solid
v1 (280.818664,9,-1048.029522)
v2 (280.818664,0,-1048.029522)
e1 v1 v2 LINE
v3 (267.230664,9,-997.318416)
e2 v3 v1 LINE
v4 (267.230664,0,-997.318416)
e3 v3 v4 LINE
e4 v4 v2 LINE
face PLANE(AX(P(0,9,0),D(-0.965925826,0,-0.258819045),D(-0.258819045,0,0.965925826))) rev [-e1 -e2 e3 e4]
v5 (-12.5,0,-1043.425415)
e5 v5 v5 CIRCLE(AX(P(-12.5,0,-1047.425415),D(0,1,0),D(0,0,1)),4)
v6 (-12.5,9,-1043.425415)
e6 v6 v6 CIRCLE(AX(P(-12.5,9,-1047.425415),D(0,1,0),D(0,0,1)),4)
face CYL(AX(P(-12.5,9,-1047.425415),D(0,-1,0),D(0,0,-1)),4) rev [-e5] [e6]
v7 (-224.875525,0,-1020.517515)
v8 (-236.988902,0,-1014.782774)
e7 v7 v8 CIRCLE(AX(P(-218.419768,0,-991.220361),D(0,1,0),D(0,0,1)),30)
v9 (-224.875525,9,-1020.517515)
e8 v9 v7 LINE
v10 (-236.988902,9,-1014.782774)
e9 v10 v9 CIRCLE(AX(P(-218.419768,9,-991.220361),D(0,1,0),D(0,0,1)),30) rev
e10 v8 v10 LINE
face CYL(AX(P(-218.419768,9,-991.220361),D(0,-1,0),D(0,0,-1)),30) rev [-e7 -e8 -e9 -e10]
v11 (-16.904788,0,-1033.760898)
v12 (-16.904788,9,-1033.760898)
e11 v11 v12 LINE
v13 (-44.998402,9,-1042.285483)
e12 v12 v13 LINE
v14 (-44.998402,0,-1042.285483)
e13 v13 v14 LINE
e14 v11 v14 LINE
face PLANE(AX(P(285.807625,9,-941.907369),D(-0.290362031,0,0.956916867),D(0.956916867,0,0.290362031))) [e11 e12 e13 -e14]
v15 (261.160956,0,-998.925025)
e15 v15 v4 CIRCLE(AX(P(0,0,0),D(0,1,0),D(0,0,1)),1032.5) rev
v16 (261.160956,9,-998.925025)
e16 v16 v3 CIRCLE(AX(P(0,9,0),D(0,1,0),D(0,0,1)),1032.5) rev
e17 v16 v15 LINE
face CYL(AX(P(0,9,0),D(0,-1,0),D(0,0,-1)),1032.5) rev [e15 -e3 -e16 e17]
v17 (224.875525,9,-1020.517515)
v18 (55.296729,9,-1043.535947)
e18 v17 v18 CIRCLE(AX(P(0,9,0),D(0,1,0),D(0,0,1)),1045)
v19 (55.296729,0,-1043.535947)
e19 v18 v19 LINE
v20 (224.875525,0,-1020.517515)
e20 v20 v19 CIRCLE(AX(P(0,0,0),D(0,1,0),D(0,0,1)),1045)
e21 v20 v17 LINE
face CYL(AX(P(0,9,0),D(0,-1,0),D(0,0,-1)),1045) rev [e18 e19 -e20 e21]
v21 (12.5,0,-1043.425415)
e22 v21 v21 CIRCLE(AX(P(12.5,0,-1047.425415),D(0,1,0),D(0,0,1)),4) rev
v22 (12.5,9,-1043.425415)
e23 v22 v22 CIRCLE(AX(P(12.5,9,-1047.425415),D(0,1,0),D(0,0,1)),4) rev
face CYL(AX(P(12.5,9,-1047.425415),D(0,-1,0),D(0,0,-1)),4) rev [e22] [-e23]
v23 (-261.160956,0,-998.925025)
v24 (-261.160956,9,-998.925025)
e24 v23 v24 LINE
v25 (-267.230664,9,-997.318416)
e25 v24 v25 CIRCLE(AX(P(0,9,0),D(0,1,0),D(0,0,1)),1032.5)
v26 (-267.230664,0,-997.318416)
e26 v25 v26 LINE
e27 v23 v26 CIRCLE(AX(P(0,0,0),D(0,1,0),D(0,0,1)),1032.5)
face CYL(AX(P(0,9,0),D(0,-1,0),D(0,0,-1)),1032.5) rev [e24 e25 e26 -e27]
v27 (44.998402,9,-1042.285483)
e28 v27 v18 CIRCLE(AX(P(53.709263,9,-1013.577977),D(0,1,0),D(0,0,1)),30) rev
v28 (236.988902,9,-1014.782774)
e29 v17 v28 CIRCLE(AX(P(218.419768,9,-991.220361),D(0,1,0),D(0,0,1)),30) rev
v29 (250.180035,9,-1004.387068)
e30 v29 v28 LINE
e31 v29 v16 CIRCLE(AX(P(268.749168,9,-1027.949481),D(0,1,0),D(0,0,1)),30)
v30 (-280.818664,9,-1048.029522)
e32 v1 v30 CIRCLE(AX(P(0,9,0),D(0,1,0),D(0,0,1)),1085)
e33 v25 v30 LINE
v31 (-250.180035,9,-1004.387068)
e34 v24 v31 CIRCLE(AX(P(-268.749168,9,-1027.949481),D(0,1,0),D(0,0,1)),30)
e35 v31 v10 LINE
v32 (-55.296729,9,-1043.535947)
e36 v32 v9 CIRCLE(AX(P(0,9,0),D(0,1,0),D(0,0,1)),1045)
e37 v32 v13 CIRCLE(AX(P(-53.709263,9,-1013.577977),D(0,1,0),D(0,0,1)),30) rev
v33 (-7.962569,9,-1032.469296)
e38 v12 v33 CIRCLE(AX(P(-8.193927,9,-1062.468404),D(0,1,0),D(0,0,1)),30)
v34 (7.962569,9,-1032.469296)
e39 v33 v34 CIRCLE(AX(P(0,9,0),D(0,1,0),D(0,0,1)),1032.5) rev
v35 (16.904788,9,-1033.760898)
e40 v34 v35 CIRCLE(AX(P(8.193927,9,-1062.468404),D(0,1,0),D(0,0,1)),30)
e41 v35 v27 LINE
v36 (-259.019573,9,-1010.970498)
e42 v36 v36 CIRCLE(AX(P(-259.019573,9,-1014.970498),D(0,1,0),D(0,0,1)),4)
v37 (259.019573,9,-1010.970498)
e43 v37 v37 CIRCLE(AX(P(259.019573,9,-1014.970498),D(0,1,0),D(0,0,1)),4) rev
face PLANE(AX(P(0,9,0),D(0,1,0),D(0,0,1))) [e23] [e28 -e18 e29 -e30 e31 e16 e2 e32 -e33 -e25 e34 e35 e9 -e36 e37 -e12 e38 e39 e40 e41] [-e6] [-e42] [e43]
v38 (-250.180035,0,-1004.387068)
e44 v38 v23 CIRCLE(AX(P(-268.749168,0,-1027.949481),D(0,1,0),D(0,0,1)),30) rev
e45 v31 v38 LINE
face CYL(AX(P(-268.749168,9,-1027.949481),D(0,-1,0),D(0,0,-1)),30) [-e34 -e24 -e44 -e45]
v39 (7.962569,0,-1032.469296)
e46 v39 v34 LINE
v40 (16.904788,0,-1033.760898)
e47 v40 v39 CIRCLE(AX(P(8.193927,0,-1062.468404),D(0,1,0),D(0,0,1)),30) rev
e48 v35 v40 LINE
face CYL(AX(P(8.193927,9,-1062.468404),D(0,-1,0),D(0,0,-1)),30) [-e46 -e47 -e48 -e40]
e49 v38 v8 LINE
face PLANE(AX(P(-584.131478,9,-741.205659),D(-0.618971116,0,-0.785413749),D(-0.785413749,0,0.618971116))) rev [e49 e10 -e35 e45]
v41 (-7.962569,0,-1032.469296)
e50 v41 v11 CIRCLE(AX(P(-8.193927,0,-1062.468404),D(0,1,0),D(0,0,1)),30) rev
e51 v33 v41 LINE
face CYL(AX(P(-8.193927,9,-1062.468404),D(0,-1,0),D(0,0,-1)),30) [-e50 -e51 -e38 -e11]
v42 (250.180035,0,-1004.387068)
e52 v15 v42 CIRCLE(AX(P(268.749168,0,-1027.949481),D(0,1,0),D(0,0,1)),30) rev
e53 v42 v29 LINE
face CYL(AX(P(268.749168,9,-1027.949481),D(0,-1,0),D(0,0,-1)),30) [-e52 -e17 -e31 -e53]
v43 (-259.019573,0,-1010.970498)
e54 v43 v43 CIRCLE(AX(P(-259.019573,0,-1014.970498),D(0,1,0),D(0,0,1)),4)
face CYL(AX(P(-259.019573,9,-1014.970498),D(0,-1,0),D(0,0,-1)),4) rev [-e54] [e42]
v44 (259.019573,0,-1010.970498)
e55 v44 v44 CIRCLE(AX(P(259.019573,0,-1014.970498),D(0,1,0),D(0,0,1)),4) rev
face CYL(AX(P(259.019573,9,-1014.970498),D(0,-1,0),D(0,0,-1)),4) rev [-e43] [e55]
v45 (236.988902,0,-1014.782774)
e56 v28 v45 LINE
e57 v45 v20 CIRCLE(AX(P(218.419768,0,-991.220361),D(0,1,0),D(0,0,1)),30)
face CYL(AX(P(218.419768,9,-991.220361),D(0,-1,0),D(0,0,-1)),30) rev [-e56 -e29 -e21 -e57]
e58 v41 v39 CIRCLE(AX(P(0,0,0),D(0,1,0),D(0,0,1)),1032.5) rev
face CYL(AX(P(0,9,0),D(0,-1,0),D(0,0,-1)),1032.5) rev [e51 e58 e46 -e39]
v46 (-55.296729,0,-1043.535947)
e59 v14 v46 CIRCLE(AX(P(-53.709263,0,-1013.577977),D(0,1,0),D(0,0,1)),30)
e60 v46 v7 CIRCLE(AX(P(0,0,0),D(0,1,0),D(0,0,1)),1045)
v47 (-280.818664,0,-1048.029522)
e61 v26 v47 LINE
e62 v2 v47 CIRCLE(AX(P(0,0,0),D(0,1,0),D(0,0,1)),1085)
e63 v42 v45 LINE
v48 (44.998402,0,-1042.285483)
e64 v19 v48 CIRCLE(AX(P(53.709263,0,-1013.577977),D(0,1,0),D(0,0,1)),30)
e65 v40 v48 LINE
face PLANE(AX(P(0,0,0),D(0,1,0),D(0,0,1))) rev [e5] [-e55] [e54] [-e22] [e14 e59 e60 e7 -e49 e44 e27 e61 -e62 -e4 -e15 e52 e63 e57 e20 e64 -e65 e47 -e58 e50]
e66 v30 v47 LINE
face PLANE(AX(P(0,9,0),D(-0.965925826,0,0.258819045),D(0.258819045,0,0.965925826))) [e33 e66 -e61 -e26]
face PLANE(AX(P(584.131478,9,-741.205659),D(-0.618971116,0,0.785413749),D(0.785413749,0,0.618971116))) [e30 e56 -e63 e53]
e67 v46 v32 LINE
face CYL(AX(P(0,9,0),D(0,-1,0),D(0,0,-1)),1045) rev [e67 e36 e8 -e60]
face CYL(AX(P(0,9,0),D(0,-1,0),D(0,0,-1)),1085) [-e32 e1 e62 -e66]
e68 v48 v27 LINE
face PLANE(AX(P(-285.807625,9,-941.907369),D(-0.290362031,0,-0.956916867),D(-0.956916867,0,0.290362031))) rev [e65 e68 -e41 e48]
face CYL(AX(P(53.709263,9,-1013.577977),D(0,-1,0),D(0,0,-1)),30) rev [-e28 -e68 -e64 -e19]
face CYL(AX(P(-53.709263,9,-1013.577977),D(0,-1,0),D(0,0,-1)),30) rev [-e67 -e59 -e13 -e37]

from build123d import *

# Parameters (mm, degrees)
SKETCH1_R           = 4
BOSS_EXTRUDE1_DEPTH = 9
FILLET1_R           = 30


with BuildPart() as part:
    # Sketch1 → Boss-Extrude1 (new body)
    with BuildSketch(Plane(origin=(0, 0, 0), x_dir=(1, 0, 0), z_dir=(0, 1, 0))):
        with BuildLine():
            ThreePointArc((-267.230664068, 997.318415643), (-261.188620877, 998.917791575), (-255.137006757, 1000.480563421))
            Line((-255.137006757, 1000.480563421), (-231.630657469, 1019.00551447))
            ThreePointArc((-231.630657469, 1019.00551447), (-141.360133679, 1035.394761724), (-50, 1043.80314236))
            Line((-50, 1043.80314236), (-12.5, 1032.424331368))
            ThreePointArc((-12.5, 1032.424331368), (0, 1032.5), (12.5, 1032.424331368))
            Line((12.5, 1032.424331368), (50, 1043.80314236))
            ThreePointArc((50, 1043.80314236), (141.360133679, 1035.394761724), (231.630657469, 1019.00551447))
            Line((231.630657469, 1019.00551447), (255.137006757, 1000.480563421))
            ThreePointArc((255.137006757, 1000.480563421), (261.188620877, 998.917791575), (267.230664068, 997.318415643))
            Line((267.230664068, 997.318415643), (280.818663936, 1048.029521524))
            ThreePointArc((280.818663936, 1048.029521524), (0, 1085), (-280.818663936, 1048.029521524))
            Line((-280.818663936, 1048.029521524), (-267.230664068, 997.318415643))
        make_face()
        with Locations(Location((-12.5, 1047.425415006, 0), (0, 0, 270))):
            Circle(SKETCH1_R, mode=Mode.SUBTRACT)
        with Locations(Location((12.5, 1047.425415006, 0), (0, 0, 270))):
            Circle(SKETCH1_R, mode=Mode.SUBTRACT)
        with Locations(Location((-259.019572899, 1014.970497529, 0), (0, 0, 270))):
            Circle(SKETCH1_R, mode=Mode.SUBTRACT)
        with Locations(Location((259.019572899, 1014.970497529, 0), (0, 0, 270))):
            Circle(SKETCH1_R, mode=Mode.SUBTRACT)
    extrude(amount=BOSS_EXTRUDE1_DEPTH)

    # Fillet1
    fillet1_edges = [part.edges().sort_by_distance(p)[0] for p in [
        (50, 4.5, -1043.80314236),
        (12.5, 4.5, -1032.424331368),
        (-12.5, 4.5, -1032.424331368),
        (-50, 4.5, -1043.80314236),
        (-231.630657469, 4.5, -1019.00551447),
        (-255.137006757, 4.5, -1000.480563421),
        (255.137006757, 4.5, -1000.480563421),
        (231.630657469, 4.5, -1019.00551447),
    ]]
    fillet(fillet1_edges, radius=FILLET1_R)


solid = part.part
